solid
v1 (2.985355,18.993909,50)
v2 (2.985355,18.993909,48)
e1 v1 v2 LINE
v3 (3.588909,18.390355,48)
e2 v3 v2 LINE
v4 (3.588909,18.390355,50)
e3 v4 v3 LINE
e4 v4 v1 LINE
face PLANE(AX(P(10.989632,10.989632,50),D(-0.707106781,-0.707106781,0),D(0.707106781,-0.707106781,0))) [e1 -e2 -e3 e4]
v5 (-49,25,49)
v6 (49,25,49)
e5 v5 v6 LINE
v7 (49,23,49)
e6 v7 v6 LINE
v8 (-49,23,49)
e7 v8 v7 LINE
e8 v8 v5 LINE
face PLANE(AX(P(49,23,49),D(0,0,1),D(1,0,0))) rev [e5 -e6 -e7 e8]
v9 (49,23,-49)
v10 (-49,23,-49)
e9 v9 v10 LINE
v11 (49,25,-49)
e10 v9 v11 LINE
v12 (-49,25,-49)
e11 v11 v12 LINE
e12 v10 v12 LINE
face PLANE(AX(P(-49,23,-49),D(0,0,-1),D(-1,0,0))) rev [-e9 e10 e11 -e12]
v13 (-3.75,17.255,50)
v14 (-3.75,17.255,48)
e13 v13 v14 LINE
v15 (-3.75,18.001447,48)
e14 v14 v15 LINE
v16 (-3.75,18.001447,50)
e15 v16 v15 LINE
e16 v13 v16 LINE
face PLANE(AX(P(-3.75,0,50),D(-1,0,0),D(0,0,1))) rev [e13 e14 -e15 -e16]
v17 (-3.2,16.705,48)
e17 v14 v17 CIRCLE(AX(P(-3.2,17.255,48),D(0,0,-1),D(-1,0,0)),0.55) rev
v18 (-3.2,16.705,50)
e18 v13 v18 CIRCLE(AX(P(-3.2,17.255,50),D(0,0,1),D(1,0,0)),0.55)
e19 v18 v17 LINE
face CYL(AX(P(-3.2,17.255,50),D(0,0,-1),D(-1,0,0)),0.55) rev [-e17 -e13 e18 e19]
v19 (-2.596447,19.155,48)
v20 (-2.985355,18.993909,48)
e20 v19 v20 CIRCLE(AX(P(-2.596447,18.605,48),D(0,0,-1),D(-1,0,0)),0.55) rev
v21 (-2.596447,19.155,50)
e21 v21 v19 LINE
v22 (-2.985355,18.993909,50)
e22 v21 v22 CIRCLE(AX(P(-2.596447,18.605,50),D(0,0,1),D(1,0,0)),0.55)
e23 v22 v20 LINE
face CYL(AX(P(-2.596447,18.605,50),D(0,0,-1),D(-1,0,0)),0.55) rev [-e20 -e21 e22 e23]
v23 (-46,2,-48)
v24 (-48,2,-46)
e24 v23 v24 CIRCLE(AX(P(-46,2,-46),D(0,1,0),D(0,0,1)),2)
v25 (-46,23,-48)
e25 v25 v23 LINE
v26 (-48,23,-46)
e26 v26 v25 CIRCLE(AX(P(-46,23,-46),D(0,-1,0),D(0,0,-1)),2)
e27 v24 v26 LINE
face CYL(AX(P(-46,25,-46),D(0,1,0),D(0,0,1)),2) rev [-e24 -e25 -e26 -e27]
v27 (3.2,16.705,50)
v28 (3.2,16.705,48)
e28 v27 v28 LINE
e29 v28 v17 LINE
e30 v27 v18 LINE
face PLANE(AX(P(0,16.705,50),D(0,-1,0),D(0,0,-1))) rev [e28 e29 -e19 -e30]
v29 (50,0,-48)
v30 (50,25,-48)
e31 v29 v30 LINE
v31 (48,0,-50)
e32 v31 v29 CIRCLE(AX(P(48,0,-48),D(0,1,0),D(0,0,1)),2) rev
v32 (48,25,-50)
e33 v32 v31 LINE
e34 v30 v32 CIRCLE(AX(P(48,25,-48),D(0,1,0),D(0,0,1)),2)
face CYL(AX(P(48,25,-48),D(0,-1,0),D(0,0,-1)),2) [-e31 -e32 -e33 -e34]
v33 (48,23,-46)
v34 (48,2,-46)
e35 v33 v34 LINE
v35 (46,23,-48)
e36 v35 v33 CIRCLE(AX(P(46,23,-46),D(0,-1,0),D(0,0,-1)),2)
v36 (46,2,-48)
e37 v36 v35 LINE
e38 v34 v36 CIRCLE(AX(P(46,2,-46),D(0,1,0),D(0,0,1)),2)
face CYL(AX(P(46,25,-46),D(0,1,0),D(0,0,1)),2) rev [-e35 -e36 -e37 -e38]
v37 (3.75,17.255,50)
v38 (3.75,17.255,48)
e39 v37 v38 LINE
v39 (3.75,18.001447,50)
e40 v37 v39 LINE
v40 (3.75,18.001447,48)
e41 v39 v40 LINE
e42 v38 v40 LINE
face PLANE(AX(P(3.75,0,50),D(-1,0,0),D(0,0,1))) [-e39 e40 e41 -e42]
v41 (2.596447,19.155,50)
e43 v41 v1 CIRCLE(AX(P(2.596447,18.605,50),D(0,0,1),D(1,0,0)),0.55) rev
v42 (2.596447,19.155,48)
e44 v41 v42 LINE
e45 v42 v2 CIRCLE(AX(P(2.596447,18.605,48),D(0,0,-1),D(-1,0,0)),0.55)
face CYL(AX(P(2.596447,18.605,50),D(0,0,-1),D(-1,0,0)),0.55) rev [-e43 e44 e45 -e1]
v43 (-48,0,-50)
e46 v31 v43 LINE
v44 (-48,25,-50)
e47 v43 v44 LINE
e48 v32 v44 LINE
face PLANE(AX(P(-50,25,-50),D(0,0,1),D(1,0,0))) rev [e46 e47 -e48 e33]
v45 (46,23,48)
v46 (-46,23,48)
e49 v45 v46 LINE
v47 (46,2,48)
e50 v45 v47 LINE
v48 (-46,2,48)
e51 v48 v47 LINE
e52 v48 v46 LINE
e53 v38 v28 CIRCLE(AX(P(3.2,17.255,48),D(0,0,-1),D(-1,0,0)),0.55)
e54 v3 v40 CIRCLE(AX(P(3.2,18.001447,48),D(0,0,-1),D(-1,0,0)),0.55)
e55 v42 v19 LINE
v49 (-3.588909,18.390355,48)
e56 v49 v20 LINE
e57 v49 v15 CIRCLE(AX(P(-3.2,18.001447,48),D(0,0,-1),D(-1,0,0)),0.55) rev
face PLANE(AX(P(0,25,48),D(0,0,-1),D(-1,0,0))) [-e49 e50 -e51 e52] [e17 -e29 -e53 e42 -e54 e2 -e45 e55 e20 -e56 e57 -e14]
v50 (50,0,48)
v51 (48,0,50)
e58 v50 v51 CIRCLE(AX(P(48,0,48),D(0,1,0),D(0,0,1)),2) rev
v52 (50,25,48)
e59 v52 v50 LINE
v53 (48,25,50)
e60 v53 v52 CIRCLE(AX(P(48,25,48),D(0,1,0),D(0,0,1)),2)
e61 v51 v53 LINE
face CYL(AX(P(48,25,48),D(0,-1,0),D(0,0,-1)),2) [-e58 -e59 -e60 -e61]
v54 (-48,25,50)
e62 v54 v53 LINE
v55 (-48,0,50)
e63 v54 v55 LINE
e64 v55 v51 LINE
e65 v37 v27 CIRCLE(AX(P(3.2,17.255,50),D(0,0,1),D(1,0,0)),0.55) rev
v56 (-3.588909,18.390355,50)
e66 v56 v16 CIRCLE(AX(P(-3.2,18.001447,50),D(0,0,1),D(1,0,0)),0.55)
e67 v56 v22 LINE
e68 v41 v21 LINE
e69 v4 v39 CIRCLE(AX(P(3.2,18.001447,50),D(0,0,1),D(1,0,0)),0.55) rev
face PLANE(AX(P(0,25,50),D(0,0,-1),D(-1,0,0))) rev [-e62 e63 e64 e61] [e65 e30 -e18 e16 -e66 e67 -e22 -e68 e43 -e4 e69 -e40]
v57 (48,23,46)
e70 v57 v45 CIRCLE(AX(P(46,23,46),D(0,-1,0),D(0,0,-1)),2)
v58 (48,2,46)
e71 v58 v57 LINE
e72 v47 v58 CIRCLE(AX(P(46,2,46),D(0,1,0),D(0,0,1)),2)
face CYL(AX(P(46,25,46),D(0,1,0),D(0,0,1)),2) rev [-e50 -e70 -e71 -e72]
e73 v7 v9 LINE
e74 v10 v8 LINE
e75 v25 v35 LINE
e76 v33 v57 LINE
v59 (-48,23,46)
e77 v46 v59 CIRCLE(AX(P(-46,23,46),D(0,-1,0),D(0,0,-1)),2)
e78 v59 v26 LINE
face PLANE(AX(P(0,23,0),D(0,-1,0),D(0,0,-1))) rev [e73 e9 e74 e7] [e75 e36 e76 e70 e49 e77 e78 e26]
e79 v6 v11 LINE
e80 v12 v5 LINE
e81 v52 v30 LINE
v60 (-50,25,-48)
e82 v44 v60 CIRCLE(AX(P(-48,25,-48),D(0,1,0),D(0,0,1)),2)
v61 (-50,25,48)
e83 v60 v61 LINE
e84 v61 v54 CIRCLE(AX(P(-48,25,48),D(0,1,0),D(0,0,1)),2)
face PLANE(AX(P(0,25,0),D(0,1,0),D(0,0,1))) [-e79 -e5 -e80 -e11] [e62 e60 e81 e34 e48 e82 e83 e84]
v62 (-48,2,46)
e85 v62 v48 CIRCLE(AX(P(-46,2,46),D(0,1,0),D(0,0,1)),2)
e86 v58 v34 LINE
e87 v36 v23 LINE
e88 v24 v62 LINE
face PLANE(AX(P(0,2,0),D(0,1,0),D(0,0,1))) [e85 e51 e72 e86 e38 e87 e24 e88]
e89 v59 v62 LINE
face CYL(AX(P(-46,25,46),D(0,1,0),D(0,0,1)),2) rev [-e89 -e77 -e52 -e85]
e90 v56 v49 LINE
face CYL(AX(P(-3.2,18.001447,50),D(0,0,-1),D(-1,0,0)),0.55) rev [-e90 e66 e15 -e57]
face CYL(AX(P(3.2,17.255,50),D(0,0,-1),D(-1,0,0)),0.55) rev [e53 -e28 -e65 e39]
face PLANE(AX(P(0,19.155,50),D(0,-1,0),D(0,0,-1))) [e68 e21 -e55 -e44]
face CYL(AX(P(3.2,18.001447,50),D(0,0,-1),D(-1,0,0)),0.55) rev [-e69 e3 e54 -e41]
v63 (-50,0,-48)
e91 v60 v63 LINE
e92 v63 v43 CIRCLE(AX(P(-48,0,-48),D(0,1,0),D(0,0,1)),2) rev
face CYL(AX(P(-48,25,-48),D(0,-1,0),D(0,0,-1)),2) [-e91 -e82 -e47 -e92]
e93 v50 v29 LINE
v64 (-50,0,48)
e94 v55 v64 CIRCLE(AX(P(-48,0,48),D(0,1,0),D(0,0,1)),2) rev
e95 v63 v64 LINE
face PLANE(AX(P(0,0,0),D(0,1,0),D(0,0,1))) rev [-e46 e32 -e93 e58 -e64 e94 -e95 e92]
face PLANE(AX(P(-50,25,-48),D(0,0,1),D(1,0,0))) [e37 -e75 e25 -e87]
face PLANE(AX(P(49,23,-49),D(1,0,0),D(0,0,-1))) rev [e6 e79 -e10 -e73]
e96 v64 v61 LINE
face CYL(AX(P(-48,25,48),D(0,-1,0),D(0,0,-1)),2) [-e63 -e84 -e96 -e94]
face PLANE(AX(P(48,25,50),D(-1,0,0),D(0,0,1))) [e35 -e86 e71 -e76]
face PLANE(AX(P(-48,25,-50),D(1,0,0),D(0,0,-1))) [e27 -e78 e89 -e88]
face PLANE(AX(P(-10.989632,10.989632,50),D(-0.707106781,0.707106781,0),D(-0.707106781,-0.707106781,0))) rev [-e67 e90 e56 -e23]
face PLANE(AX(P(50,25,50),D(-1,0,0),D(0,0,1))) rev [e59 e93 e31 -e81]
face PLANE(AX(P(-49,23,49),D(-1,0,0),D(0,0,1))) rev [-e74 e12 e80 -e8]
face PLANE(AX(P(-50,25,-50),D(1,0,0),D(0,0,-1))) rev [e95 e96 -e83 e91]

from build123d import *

# Parameters (mm, degrees)
BOSS_EXTRUDE1_DEPTH = 25
SHELL8_T            = -2
CUT_EXTRUDE1_DEPTH  = 76
SKETCH3_W           = 98
SKETCH3_H           = 98
CUT_EXTRUDE2_DEPTH  = 2
FILLET1_R           = 2
FILLET2_R           = 2


with BuildPart() as part:
    # Sketch1 → Boss-Extrude1 (new body)
    with BuildSketch(Plane(origin=(0, 0, 0), x_dir=(1, 0, 0), z_dir=(0, 1, 0))):
        Polygon((0, -50), (50, -50), (50, 50), (-50, 50), (-50, -50), align=None)
    extrude(amount=BOSS_EXTRUDE1_DEPTH)

    # Shell8
    shell8_openings = [part.faces().sort_by_distance(p)[0] for p in [
        (0, 25, 0),
    ]]
    offset(amount=SHELL8_T, openings=shell8_openings, kind=Kind.INTERSECTION)

    # Sketch2 → Cut-Extrude1 (cut, through all)
    with BuildSketch(Plane.XY):
        with BuildLine():
            ThreePointArc((3.75, 17.255), (3.58890873, 16.86609127), (3.2, 16.705))
            Line((3.2, 16.705), (-3.2, 16.705))
            ThreePointArc((-3.2, 16.705), (-3.58890873, 16.86609127), (-3.75, 17.255))
            Line((-3.75, 17.255), (-3.75, 18.001446611))
            ThreePointArc((-3.75, 18.001446611), (-3.708133743, 18.211922498), (-3.58890873, 18.390355339))
            Line((-3.58890873, 18.390355339), (-2.985355339, 18.99390873))
            ThreePointArc((-2.985355339, 18.99390873), (-2.806922497, 19.113133743), (-2.596446609, 19.155))
            Line((-2.596446609, 19.155), (2.596446609, 19.155))
            ThreePointArc((2.596446609, 19.155), (2.806922497, 19.113133743), (2.985355339, 18.99390873))
            Line((2.985355339, 18.99390873), (3.58890873, 18.390355339))
            ThreePointArc((3.58890873, 18.390355339), (3.708133743, 18.211922498), (3.75, 18.001446611))
            Line((3.75, 18.001446611), (3.75, 17.255))
        make_face()
    extrude(amount=CUT_EXTRUDE1_DEPTH, mode=Mode.SUBTRACT)

    # Sketch3 → Cut-Extrude2 (cut)
    with BuildSketch(Plane(origin=(0, 25, 0), x_dir=(1, 0, 0), z_dir=(0, 1, 0))):
        Rectangle(SKETCH3_W, SKETCH3_H)
    extrude(amount=-CUT_EXTRUDE2_DEPTH, mode=Mode.SUBTRACT)

    # Fillet1
    fillet1_edges = [part.edges().sort_by_distance(p)[0] for p in [
        (-50, 12.5, 50),
        (-50, 12.5, -50),
        (50, 12.5, -50),
        (50, 12.5, 50),
    ]]
    fillet(fillet1_edges, radius=FILLET1_R)

    # Fillet2
    fillet2_edges = [part.edges().sort_by_distance(p)[0] for p in [
        (-48, 12.5, -48),
        (-48, 12.5, 48),
        (48, 12.5, -48),
        (48, 12.5, 48),
    ]]
    fillet(fillet2_edges, radius=FILLET2_R)


solid = part.part
